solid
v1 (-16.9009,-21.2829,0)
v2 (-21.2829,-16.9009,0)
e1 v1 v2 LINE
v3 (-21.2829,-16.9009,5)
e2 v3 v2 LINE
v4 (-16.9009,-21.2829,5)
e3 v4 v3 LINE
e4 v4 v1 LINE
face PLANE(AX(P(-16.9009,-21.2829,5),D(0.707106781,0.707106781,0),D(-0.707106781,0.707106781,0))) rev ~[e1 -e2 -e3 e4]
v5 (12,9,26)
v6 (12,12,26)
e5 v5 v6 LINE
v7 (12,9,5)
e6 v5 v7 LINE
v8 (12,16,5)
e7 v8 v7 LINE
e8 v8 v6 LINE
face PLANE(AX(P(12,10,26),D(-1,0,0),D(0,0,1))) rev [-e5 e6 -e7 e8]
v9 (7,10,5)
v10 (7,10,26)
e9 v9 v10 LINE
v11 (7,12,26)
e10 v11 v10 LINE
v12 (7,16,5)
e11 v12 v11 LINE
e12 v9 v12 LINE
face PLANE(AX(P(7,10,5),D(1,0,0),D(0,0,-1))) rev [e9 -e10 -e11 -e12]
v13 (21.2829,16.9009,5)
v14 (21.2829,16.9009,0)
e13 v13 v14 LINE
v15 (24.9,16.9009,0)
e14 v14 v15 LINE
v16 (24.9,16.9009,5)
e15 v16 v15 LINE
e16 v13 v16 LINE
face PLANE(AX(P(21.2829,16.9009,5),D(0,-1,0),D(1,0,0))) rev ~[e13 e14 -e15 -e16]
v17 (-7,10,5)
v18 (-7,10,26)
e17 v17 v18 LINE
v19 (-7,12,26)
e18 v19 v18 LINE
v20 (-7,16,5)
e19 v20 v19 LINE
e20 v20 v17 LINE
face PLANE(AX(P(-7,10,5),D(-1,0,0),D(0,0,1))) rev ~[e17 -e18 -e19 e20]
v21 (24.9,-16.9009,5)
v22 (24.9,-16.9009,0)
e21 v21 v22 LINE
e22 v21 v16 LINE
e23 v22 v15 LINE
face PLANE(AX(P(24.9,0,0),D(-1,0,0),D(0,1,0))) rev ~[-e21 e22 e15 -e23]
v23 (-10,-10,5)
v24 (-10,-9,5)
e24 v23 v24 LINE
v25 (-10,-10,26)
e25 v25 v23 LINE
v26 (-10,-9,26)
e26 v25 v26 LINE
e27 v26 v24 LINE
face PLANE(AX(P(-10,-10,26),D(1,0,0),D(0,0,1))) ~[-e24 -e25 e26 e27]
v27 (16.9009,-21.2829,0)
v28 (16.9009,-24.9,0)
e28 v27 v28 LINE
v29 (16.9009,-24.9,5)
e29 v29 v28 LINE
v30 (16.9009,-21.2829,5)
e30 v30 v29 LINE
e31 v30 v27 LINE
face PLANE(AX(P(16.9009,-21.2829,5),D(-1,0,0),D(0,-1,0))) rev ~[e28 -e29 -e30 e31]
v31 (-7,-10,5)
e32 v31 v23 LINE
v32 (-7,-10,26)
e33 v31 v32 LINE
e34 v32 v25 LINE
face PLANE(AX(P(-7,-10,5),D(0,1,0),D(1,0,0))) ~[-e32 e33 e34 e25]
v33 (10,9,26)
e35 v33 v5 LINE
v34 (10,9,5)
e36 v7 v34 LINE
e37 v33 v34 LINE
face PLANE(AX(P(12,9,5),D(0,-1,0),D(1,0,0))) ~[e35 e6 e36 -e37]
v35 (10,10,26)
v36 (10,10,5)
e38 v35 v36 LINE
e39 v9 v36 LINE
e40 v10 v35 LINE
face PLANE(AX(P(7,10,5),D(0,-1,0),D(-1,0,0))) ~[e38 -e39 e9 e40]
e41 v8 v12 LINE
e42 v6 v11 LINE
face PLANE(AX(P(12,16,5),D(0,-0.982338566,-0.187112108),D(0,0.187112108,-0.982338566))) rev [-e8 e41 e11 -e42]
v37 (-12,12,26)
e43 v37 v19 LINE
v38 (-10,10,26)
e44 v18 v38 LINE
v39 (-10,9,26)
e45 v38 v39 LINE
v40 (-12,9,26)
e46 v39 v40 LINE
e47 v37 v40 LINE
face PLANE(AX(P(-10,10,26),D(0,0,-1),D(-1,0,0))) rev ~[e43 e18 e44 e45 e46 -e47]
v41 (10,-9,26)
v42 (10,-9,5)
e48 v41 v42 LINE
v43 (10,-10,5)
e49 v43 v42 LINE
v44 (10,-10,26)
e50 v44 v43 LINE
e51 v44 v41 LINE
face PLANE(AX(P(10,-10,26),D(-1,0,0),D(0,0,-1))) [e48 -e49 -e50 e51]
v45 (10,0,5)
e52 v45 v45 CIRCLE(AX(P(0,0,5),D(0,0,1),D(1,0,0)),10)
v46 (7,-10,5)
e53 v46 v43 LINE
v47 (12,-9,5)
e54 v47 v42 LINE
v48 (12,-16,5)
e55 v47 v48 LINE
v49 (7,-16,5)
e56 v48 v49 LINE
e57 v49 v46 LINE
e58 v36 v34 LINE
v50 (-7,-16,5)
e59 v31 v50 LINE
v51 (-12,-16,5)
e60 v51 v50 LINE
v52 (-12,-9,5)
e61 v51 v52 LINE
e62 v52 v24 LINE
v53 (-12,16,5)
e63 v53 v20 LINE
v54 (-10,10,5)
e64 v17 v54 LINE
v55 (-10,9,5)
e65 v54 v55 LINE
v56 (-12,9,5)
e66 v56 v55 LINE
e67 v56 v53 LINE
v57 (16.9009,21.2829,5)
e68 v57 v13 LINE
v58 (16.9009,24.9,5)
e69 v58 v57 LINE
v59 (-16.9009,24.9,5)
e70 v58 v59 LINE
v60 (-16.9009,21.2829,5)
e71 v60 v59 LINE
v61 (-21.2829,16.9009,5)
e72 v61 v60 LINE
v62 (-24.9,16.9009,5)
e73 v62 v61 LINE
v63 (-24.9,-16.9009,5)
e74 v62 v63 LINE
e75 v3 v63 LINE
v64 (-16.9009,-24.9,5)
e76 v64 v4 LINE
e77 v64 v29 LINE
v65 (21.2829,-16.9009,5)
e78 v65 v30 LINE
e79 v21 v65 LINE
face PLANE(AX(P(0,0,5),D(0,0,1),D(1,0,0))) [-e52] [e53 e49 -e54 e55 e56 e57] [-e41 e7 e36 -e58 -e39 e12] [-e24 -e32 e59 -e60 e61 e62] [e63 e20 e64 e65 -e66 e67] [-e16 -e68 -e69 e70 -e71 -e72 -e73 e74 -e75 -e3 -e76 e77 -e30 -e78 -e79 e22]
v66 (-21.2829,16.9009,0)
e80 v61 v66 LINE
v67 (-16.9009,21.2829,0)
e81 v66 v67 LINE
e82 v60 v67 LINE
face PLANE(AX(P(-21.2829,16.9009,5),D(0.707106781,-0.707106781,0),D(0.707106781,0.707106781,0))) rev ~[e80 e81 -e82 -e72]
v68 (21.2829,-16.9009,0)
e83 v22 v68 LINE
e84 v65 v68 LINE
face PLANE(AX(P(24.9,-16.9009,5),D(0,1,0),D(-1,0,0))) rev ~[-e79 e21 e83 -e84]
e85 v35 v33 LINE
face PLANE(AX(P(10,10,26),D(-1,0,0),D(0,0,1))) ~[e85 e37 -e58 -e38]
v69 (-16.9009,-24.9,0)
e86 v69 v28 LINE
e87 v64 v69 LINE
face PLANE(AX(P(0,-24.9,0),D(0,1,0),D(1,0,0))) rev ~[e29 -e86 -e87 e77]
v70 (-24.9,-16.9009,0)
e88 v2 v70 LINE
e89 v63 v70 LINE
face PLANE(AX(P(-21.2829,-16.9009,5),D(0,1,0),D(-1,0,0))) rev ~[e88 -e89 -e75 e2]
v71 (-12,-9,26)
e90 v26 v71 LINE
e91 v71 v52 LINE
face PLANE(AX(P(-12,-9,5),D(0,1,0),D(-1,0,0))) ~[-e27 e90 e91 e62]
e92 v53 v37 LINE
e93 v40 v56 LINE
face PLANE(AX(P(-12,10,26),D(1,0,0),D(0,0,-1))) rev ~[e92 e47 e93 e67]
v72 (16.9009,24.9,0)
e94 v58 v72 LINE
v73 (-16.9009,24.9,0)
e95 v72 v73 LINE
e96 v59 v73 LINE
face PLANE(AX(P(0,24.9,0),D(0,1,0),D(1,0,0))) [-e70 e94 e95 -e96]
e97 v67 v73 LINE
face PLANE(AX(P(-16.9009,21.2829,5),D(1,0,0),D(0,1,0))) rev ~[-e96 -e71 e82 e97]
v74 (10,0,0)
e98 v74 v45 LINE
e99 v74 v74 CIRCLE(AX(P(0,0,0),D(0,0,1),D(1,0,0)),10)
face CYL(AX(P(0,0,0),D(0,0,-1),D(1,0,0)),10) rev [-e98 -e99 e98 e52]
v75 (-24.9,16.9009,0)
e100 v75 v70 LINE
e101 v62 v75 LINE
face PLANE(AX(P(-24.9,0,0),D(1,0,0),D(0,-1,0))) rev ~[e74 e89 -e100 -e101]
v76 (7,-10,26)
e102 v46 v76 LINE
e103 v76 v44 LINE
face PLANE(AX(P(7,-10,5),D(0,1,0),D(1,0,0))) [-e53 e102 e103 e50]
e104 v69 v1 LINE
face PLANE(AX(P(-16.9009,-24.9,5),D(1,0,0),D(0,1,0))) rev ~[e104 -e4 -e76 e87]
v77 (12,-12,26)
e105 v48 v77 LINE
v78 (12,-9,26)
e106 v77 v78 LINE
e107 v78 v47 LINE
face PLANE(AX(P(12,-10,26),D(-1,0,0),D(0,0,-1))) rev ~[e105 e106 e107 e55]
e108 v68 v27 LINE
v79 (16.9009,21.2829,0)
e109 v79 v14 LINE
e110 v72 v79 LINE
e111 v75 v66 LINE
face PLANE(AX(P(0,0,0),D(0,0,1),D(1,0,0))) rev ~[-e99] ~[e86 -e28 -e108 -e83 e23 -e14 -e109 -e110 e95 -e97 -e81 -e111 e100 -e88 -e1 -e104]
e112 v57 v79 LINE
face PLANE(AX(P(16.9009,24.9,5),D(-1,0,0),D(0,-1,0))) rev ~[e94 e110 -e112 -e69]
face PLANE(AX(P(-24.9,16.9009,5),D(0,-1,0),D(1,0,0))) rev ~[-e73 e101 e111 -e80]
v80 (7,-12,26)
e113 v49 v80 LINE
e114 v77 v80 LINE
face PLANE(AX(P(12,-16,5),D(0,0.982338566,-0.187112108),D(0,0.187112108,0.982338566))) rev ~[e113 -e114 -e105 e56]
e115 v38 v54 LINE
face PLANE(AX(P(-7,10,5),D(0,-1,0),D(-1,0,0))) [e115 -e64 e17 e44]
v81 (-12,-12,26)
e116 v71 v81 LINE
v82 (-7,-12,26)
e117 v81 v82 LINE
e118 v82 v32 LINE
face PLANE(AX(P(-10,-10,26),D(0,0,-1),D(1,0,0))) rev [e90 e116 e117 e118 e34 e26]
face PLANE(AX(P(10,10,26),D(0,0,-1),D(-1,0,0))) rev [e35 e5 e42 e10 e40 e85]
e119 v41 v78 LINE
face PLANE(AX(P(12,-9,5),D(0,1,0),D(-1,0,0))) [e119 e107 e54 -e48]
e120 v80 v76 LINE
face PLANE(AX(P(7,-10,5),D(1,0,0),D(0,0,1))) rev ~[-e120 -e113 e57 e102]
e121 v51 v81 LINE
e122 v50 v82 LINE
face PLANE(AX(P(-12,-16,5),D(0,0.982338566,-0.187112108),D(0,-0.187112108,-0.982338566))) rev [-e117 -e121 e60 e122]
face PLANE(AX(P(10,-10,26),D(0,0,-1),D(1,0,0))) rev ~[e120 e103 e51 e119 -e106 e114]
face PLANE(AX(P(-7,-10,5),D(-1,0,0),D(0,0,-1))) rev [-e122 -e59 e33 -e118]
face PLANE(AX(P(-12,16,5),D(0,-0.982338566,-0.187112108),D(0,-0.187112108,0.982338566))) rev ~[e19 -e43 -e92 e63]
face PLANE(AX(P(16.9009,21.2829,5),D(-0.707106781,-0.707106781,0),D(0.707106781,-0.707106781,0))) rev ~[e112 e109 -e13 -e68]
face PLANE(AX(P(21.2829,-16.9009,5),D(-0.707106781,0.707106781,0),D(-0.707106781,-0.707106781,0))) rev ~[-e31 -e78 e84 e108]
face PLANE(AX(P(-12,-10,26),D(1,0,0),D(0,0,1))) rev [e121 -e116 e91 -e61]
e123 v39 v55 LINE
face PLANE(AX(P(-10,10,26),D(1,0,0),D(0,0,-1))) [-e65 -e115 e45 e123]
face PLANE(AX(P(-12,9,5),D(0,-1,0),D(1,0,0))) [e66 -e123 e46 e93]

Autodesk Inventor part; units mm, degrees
ref_plane "YZ Plane" through (0, 0, 0) normal (1, 0, 0) x (0, 1, 0)
ref_plane "XZ Plane" through (0, 0, 0) normal (0, 1, 0) x (-1, 0, 0)
ref_plane "XY Plane" through (0, 0, 0) normal (0, 0, 1) x (1, 0, 0)
sketch "Sketch1" plane through (0, 0, 0) normal (0, 0, 1) x (1, 0, 0)
  line L0 (-34.86, 0) -> (34.86, 0) construction
  line L1 (0, -34.86) -> (0, 34.86) construction
  line L2 (0, 0) -> (16.9726, 16.9726) construction
  line L3 (0, 0) -> (24.0028, 0) construction
  line L4 (0, 24.9) -> (16.8009, 24.9)
  line L5 (16.8009, 24.9) -> (16.8009, 21.2415)
  line L6 (16.8009, 21.2415) -> (19.0212, 19.0212)
  line L7 (24.9, 0) -> (24.9, 16.8009)
  line L8 (24.9, 16.8009) -> (21.2415, 16.8009)
  line L9 (21.2415, 16.8009) -> (19.0212, 19.0212)
  line L10 (0, -24.9) -> (16.8009, -24.9)
  line L11 (16.8009, -24.9) -> (16.8009, -21.2415)
  line L12 (16.8009, -21.2415) -> (19.0212, -19.0212)
  line L13 (24.9, 0) -> (24.9, -16.8009)
  line L14 (24.9, -16.8009) -> (21.2415, -16.8009)
  line L15 (21.2415, -16.8009) -> (19.0212, -19.0212)
  line L16 (0, 0) -> (-16.9726, 16.9726) construction
  line L17 (0, 0) -> (-24.0028, 0) construction
  line L18 (0, 24.9) -> (-16.8009, 24.9)
  line L19 (-16.8009, 24.9) -> (-16.8009, 21.2415)
  line L20 (-16.8009, 21.2415) -> (-19.0212, 19.0212)
  line L21 (-24.9, 0) -> (-24.9, 16.8009)
  line L22 (-24.9, 16.8009) -> (-21.2415, 16.8009)
  line L23 (-21.2415, 16.8009) -> (-19.0212, 19.0212)
  line L24 (0, -24.9) -> (-16.8009, -24.9)
  line L25 (-16.8009, -24.9) -> (-16.8009, -21.2415)
  line L26 (-16.8009, -21.2415) -> (-19.0212, -19.0212)
  line L27 (-21.2415, -16.8009) -> (-19.0212, -19.0212)
  line L28 (-24.9, -16.8009) -> (-21.2415, -16.8009)
  line L29 (-24.9, 0) -> (-24.9, -16.8009)
  circle A0 centre (0, 0) radius 10
  dimension "d17" = 45
  dimension "d18" = 24.9
  dimension "d20" = 3.14
  dimension "d21" = 26.9
  dimension "d22" = 20
extrude "Extrusion1" add sketch "Sketch1" along normal blind 5
sketch "Sketch2" plane through (0, 0, 5) normal (0, 0, 1) x (1, 0, 0)
  circle A0 centre (0, 0) radius 10 projected
  line L0 (16.8009, 24.9) -> (-16.8009, 24.9) projected
  line L1 (-16.8009, 24.9) -> (-16.8009, 21.2415) projected
  line L2 (-16.8009, 21.2415) -> (-21.2415, 16.8009) projected
  line L3 (-21.2415, 16.8009) -> (-24.9, 16.8009) projected
  line L4 (-24.9, 16.8009) -> (-24.9, -16.8009) projected
  line L5 (-24.9, -16.8009) -> (-21.2415, -16.8009) projected
  line L6 (-21.2415, -16.8009) -> (-16.8009, -21.2415) projected
  line L7 (-16.8009, -21.2415) -> (-16.8009, -24.9) projected
  line L8 (-16.8009, -24.9) -> (16.8009, -24.9) projected
  line L9 (16.8009, -24.9) -> (16.8009, -21.2415) projected
  line L10 (16.8009, -21.2415) -> (21.2415, -16.8009) projected
  line L11 (21.2415, -16.8009) -> (24.9, -16.8009) projected
  line L12 (24.9, -16.8009) -> (24.9, 16.8009) projected
  line L13 (24.9, 16.8009) -> (21.2415, 16.8009) projected
  line L14 (21.2415, 16.8009) -> (16.8009, 21.2415) projected
  line L15 (16.8009, 21.2415) -> (16.8009, 24.9) projected
  line L16 (0, -34.86) -> (0, 34.86) construction
  line L17 (-12, 12) -> (-7, 12)
  line L18 (-7, 12) -> (-7, 10)
  line L19 (-7, 10) -> (-12, 10)
  line L20 (-12, 10) -> (-12, 12)
  dimension "d27" = 2
  dimension "d28" = 5
  dimension "d29" = 12
extrude "Extrusion2" add sketch "Sketch2" along normal blind 21 contours L17 L18 L19 L20
sketch "Sketch4" plane through (-12, 10, 5) normal (-1, 0, 0) x (0, 0, 1)
  line L0 (0, 0) -> (0, 2) projected
  line L1 (0, 0) -> (21, 0) projected
  line L2 (21, 2) -> (21, 0) projected
  line L3 (0, 2) -> (21, 2) projected
  line L4 (0, 6.8009) -> (0, -26.8009) projected
  line L5 (0, 2) -> (21, 2) projected
  line L6 (21, 2) -> (0, 2)
  line L7 (0, 2) -> (0, 6)
  line L8 (0, -26.8009) -> (0, 6.8009) projected
  line L9 (0, 6) -> (21, 2)
  point P0 (-5, -10)
  dimension "d35" = 4
extrude "Extrusion4" add sketch "Sketch4" against normal up to surface (5 mm away) contours L4 L9 L3
sketch "Sketch5" plane through (-12, 10, 5) normal (0, -1, 0) x (1, 0, 0)
  line L0 (5, 21) -> (5, 0) projected
  line L1 (0, 0) -> (5, 0) projected
  line L2 (0, 21) -> (0, 0) projected
  line L3 (5, 21) -> (0, 21) projected
  line L4 (12, -10.2) -> (12, 26.2) construction
  line L5 (0, 21) -> (2, 21)
  line L6 (2, 21) -> (2, 0)
  line L7 (2, 0) -> (0, 0)
  line L8 (0, 0) -> (0, 21)
  point P0 (12, -5)
  dimension "d38" = 10
extrude "Extrusion5" add sketch "Sketch5" along normal blind 1 contours L6 L1 L2 L3
mirror "Mirror1" about plane through (0, 0, 0) normal (0, 1, 0) of "Extrusion2", "Extrusion4", "Extrusion5"
mirror "Mirror2" about plane through (0, 0, 0) normal (1, 0, 0) of "Extrusion2", "Extrusion4", "Mirror1", "Extrusion5"
sketch "Skizze6" plane through (0, 0, 5) normal (0, 0, 1) x (1, 0, 0)
  line L0 (12, -16) -> (7, -16) construction
  line L1 (7, -16) -> (7, -10) construction
  line L2 (7, -10) -> (10, -10) construction
  line L3 (10, -10) -> (10, -9) construction
  line L4 (10, -9) -> (12, -9) construction
  line L5 (12, -9) -> (12, -16) construction
  line L6 (7, 16) -> (12, 16) construction
  line L7 (12, 16) -> (12, 9) construction
  line L8 (12, 9) -> (10, 9) construction
  line L9 (10, 9) -> (10, 10) construction
  line L10 (10, 10) -> (7, 10) construction
  line L11 (7, 10) -> (7, 16) construction
  line L12 (-7, -16) -> (-12, -16) construction
  line L13 (-12, -16) -> (-12, -9) construction
  line L14 (-12, -9) -> (-10, -9) construction
  line L15 (-10, -9) -> (-10, -10) construction
  line L16 (-10, -10) -> (-7, -10) construction
  line L17 (-7, -10) -> (-7, -16) construction
  line L18 (-12, 9) -> (-12, 16) construction
  line L19 (-12, 16) -> (-7, 16) construction
  line L20 (-7, 16) -> (-7, 10) construction
  line L21 (-7, 10) -> (-10, 10) construction
  line L22 (-10, 10) -> (-10, 9) construction
  line L23 (-10, 9) -> (-12, 9) construction
  circle A0 centre (0, 0) radius 10 construction
  line L24 (16.8009, 24.9) -> (-16.8009, 24.9) construction
  line L25 (-16.8009, 24.9) -> (-16.8009, 21.2415) projected
  line L26 (-16.8009, 21.2415) -> (-21.2415, 16.8009) projected
  line L27 (-21.2415, 16.8009) -> (-24.9, 16.8009) projected
  line L28 (-24.9, 16.8009) -> (-24.9, -16.8009) construction
  line L29 (-24.9, -16.8009) -> (-21.2415, -16.8009) projected
  line L30 (-21.2415, -16.8009) -> (-16.8009, -21.2415) projected
  line L31 (-16.8009, -21.2415) -> (-16.8009, -24.9) projected
  line L32 (-16.8009, -24.9) -> (16.8009, -24.9) construction
  line L33 (16.8009, -24.9) -> (16.8009, -21.2415) projected
  line L34 (16.8009, -21.2415) -> (21.2415, -16.8009) projected
  line L35 (21.2415, -16.8009) -> (24.9, -16.8009) projected
  line L36 (24.9, -16.8009) -> (24.9, 16.8009) construction
  line L37 (24.9, 16.8009) -> (21.2415, 16.8009) projected
  line L38 (21.2415, 16.8009) -> (16.8009, 21.2415) projected
  line L39 (16.8009, 21.2415) -> (16.8009, 24.9) projected
  line L40 (-16.9009, 25) -> (16.9009, 25) construction
  line L41 (16.9009, 25) -> (16.9009, 21.2829)
  line L42 (16.9009, 21.2829) -> (21.2829, 16.9009)
  line L43 (21.2829, 16.9009) -> (25, 16.9009)
  line L44 (25, 16.9009) -> (25, -16.9009) construction
  line L45 (25, -16.9009) -> (21.2829, -16.9009)
  line L46 (21.2829, -16.9009) -> (16.9009, -21.2829)
  line L47 (16.9009, -21.2829) -> (16.9009, -25)
  line L48 (16.9009, -25) -> (-16.9009, -25) construction
  line L49 (-16.9009, -25) -> (-16.9009, -21.2829)
  line L50 (-16.9009, -21.2829) -> (-21.2829, -16.9009)
  line L51 (-21.2829, -16.9009) -> (-25, -16.9009)
  line L52 (-25, -16.9009) -> (-25, 16.9009) construction
  line L53 (-25, 16.9009) -> (-21.2829, 16.9009)
  line L54 (-21.2829, 16.9009) -> (-16.9009, 21.2829)
  line L55 (-16.9009, 21.2829) -> (-16.9009, 25)
  line L56 (-24.9, 16.8009) -> (-24.9, 16.9009)
  line L57 (-16.8009, 24.9) -> (-16.9009, 24.9)
  line L58 (16.8009, 24.9) -> (-16.8009, 24.9) projected
  line L59 (16.8009, 24.9) -> (16.9009, 24.9)
  line L60 (24.9, 16.8009) -> (24.9, 16.9009)
  line L61 (16.8009, -24.9) -> (16.9009, -24.9)
  line L62 (21.2415, -16.8009) -> (24.9, -16.8009) projected
  line L63 (24.9, -16.8009) -> (24.9, -16.9009)
  line L64 (-16.8009, -24.9) -> (-16.9009, -24.9)
  line L65 (-24.9, -16.8009) -> (-21.2415, -16.8009) projected
  line L66 (-24.9, -16.8009) -> (-24.9, -16.9009)
  dimension "d17" = 45
  dimension "d18" = 24.9
  dimension "d20" = 3.14
  dimension "d21" = 26.9
  dimension "d41" = 0.1
extrude "IM_offset" add sketch "Skizze6" against normal up to surface (5 mm away)
properties part number "20_Cube_Insert_Beamsplitter_v3"
